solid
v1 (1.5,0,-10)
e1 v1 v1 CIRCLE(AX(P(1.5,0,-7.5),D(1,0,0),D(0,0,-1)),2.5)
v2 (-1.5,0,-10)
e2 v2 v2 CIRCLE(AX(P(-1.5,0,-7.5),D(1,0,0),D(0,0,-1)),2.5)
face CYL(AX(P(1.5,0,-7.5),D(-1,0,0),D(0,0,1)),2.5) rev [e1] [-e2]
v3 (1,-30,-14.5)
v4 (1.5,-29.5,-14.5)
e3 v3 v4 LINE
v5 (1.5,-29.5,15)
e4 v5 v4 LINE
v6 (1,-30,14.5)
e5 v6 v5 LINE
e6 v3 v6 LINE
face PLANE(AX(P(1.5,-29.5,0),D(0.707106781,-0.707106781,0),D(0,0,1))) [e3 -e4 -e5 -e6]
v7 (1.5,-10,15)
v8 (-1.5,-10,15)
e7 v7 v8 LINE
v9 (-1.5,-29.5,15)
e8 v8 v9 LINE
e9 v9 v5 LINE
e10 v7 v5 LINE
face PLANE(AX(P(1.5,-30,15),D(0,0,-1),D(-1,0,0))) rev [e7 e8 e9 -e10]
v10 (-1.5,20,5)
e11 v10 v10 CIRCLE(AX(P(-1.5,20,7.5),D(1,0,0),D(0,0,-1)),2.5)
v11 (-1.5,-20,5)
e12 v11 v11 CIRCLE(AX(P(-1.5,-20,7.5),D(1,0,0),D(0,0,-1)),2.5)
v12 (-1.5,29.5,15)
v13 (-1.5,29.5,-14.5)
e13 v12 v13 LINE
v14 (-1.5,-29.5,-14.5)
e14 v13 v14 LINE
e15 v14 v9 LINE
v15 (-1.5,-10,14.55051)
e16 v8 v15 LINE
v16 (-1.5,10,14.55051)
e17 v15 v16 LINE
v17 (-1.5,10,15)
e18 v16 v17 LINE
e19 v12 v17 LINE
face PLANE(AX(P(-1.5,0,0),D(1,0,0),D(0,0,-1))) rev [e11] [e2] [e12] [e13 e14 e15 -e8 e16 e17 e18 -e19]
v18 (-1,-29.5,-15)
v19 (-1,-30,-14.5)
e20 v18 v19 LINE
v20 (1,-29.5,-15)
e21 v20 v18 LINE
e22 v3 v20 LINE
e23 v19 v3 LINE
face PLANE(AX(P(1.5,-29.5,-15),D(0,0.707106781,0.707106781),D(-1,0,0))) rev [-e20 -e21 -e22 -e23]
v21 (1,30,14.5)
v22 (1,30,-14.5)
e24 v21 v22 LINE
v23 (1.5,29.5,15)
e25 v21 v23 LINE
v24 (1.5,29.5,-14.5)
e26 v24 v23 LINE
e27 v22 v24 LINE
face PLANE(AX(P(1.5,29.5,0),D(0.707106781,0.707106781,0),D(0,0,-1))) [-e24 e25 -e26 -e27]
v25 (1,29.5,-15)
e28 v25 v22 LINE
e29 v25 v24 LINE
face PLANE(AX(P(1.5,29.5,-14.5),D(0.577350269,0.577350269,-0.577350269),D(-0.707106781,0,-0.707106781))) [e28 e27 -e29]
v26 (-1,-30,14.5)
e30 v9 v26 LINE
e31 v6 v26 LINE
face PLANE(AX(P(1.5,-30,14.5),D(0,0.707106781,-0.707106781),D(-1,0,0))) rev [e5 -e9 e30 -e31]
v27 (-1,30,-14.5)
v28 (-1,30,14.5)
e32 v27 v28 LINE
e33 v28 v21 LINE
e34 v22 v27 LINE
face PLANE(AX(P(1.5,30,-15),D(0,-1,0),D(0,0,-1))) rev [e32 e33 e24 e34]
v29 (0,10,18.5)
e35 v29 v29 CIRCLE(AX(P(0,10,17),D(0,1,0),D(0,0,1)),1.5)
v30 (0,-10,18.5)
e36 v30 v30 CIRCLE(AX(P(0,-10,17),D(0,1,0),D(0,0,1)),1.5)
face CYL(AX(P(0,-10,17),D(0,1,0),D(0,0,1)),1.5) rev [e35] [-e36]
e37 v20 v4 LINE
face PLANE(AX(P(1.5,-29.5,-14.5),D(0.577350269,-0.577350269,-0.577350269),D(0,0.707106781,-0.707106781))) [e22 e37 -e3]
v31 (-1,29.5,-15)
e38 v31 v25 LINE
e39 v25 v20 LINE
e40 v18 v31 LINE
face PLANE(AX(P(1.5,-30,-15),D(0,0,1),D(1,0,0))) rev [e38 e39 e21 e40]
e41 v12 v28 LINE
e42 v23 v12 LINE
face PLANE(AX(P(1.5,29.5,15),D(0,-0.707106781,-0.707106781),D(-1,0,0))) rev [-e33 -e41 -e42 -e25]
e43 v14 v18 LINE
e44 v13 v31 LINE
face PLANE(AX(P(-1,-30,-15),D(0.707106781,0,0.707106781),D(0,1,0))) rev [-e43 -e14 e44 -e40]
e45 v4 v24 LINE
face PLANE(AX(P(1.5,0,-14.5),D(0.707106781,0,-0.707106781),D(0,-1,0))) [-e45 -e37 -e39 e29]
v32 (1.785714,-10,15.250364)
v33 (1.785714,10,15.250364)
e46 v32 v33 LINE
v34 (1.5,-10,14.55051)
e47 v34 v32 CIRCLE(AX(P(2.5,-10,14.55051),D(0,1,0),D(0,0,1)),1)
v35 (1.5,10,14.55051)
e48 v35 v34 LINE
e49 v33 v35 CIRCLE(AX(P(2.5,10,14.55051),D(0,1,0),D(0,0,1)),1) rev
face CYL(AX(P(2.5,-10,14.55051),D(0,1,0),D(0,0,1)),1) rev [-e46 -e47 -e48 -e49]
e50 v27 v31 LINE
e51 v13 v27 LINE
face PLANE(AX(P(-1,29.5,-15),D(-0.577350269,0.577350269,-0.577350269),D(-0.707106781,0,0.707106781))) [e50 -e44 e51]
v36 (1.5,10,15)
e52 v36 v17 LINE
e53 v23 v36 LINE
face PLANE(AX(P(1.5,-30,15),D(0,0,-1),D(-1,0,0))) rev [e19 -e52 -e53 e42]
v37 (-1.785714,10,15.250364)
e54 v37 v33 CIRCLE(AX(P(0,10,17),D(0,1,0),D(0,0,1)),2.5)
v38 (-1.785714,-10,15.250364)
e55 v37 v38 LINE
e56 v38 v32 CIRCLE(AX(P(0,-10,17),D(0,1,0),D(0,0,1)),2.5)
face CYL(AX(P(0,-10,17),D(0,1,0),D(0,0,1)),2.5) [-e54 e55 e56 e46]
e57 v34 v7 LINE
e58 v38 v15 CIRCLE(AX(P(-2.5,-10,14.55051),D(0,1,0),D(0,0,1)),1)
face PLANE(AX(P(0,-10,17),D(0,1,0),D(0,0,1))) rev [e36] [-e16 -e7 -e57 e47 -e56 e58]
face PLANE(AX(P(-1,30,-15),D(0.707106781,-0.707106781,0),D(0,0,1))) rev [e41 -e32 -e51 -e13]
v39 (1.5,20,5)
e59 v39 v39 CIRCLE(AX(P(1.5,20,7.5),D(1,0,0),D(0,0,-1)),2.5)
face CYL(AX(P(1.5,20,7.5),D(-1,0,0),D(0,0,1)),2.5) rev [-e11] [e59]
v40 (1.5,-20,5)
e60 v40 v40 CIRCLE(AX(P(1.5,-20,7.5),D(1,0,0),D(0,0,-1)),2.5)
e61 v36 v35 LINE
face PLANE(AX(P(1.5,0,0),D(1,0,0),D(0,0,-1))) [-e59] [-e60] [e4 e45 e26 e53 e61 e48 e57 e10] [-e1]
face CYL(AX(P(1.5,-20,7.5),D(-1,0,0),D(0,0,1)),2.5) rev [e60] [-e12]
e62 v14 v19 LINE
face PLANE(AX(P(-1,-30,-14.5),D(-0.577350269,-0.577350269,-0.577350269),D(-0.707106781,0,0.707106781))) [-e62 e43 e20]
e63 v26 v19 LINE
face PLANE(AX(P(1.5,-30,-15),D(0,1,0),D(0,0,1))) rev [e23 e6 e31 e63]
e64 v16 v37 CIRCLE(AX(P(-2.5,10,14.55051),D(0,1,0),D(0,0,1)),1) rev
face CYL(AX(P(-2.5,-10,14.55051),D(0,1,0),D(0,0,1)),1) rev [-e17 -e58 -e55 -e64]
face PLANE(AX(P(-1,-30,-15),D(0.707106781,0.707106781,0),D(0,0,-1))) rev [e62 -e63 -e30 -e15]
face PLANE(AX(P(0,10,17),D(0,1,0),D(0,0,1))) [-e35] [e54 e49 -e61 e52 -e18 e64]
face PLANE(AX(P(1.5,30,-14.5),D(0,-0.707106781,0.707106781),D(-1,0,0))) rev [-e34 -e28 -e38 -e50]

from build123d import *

# Parameters (mm, degrees)
SKETCH1_W           = 30
SKETCH1_H           = 60
SKETCH1_R           = 2.5
BOSS_EXTRUDE1_DEPTH = 1.5
BOSS_EXTRUDE2_START = -20
SKETCH3_R           = 1.5
BOSS_EXTRUDE2_DEPTH = 20
FILLET2_R           = 1
CHAMFER2_SIZE       = 0.5


with BuildPart() as part:
    # Sketch1 → Boss-Extrude1 (new, symmetric)
    with BuildSketch(Plane(origin=(0, 0, 0), x_dir=(0, 0, -1), z_dir=(1, 0, 0))):
        Rectangle(SKETCH1_W, SKETCH1_H)
        with Locations((-7.5, 20)):
            Circle(SKETCH1_R, mode=Mode.SUBTRACT)
        with Locations((7.5, 0)):
            Circle(SKETCH1_R, mode=Mode.SUBTRACT)
        with Locations((-7.5, -20)):
            Circle(SKETCH1_R, mode=Mode.SUBTRACT)
    extrude(amount=BOSS_EXTRUDE1_DEPTH, both=True)

    # Sketch3 → Boss-Extrude2 (add)
    with BuildSketch(Plane(origin=(0, 30, 0), x_dir=(1, 0, 0), z_dir=(0, 1, 0)).offset(BOSS_EXTRUDE2_START)):
        with BuildLine():
            Line((-1.5, -15), (1.5, -15))
            ThreePointArc((1.5, -15), (0, -19.5), (-1.5, -15))
        make_face()
        with Locations(Location((0, -17, 0), (0, 0, 270))):
            Circle(SKETCH3_R, mode=Mode.SUBTRACT)
    extrude(amount=-BOSS_EXTRUDE2_DEPTH)

    # Fillet2
    fillet2_edges = [part.edges().sort_by_distance(p)[0] for p in [
        (1.5, 0, 15),
        (-1.5, 0, 15),
    ]]
    fillet(fillet2_edges, radius=FILLET2_R)

    # Chamfer2
    chamfer2_edges = [part.edges().sort_by_distance(p)[0] for p in [
        (1.5, 0, -15),
        (1.5, 30, 0),
        (-1.5, 30, 0),
        (-1.5, 0, -15),
        (-1.5, -30, 0),
        (1.5, -30, 0),
        (0, 30, 15),
        (0, 30, -15),
        (0, -30, -15),
        (0, -30, 15),
    ]]
    chamfer(chamfer2_edges, length=CHAMFER2_SIZE)


solid = part.part
